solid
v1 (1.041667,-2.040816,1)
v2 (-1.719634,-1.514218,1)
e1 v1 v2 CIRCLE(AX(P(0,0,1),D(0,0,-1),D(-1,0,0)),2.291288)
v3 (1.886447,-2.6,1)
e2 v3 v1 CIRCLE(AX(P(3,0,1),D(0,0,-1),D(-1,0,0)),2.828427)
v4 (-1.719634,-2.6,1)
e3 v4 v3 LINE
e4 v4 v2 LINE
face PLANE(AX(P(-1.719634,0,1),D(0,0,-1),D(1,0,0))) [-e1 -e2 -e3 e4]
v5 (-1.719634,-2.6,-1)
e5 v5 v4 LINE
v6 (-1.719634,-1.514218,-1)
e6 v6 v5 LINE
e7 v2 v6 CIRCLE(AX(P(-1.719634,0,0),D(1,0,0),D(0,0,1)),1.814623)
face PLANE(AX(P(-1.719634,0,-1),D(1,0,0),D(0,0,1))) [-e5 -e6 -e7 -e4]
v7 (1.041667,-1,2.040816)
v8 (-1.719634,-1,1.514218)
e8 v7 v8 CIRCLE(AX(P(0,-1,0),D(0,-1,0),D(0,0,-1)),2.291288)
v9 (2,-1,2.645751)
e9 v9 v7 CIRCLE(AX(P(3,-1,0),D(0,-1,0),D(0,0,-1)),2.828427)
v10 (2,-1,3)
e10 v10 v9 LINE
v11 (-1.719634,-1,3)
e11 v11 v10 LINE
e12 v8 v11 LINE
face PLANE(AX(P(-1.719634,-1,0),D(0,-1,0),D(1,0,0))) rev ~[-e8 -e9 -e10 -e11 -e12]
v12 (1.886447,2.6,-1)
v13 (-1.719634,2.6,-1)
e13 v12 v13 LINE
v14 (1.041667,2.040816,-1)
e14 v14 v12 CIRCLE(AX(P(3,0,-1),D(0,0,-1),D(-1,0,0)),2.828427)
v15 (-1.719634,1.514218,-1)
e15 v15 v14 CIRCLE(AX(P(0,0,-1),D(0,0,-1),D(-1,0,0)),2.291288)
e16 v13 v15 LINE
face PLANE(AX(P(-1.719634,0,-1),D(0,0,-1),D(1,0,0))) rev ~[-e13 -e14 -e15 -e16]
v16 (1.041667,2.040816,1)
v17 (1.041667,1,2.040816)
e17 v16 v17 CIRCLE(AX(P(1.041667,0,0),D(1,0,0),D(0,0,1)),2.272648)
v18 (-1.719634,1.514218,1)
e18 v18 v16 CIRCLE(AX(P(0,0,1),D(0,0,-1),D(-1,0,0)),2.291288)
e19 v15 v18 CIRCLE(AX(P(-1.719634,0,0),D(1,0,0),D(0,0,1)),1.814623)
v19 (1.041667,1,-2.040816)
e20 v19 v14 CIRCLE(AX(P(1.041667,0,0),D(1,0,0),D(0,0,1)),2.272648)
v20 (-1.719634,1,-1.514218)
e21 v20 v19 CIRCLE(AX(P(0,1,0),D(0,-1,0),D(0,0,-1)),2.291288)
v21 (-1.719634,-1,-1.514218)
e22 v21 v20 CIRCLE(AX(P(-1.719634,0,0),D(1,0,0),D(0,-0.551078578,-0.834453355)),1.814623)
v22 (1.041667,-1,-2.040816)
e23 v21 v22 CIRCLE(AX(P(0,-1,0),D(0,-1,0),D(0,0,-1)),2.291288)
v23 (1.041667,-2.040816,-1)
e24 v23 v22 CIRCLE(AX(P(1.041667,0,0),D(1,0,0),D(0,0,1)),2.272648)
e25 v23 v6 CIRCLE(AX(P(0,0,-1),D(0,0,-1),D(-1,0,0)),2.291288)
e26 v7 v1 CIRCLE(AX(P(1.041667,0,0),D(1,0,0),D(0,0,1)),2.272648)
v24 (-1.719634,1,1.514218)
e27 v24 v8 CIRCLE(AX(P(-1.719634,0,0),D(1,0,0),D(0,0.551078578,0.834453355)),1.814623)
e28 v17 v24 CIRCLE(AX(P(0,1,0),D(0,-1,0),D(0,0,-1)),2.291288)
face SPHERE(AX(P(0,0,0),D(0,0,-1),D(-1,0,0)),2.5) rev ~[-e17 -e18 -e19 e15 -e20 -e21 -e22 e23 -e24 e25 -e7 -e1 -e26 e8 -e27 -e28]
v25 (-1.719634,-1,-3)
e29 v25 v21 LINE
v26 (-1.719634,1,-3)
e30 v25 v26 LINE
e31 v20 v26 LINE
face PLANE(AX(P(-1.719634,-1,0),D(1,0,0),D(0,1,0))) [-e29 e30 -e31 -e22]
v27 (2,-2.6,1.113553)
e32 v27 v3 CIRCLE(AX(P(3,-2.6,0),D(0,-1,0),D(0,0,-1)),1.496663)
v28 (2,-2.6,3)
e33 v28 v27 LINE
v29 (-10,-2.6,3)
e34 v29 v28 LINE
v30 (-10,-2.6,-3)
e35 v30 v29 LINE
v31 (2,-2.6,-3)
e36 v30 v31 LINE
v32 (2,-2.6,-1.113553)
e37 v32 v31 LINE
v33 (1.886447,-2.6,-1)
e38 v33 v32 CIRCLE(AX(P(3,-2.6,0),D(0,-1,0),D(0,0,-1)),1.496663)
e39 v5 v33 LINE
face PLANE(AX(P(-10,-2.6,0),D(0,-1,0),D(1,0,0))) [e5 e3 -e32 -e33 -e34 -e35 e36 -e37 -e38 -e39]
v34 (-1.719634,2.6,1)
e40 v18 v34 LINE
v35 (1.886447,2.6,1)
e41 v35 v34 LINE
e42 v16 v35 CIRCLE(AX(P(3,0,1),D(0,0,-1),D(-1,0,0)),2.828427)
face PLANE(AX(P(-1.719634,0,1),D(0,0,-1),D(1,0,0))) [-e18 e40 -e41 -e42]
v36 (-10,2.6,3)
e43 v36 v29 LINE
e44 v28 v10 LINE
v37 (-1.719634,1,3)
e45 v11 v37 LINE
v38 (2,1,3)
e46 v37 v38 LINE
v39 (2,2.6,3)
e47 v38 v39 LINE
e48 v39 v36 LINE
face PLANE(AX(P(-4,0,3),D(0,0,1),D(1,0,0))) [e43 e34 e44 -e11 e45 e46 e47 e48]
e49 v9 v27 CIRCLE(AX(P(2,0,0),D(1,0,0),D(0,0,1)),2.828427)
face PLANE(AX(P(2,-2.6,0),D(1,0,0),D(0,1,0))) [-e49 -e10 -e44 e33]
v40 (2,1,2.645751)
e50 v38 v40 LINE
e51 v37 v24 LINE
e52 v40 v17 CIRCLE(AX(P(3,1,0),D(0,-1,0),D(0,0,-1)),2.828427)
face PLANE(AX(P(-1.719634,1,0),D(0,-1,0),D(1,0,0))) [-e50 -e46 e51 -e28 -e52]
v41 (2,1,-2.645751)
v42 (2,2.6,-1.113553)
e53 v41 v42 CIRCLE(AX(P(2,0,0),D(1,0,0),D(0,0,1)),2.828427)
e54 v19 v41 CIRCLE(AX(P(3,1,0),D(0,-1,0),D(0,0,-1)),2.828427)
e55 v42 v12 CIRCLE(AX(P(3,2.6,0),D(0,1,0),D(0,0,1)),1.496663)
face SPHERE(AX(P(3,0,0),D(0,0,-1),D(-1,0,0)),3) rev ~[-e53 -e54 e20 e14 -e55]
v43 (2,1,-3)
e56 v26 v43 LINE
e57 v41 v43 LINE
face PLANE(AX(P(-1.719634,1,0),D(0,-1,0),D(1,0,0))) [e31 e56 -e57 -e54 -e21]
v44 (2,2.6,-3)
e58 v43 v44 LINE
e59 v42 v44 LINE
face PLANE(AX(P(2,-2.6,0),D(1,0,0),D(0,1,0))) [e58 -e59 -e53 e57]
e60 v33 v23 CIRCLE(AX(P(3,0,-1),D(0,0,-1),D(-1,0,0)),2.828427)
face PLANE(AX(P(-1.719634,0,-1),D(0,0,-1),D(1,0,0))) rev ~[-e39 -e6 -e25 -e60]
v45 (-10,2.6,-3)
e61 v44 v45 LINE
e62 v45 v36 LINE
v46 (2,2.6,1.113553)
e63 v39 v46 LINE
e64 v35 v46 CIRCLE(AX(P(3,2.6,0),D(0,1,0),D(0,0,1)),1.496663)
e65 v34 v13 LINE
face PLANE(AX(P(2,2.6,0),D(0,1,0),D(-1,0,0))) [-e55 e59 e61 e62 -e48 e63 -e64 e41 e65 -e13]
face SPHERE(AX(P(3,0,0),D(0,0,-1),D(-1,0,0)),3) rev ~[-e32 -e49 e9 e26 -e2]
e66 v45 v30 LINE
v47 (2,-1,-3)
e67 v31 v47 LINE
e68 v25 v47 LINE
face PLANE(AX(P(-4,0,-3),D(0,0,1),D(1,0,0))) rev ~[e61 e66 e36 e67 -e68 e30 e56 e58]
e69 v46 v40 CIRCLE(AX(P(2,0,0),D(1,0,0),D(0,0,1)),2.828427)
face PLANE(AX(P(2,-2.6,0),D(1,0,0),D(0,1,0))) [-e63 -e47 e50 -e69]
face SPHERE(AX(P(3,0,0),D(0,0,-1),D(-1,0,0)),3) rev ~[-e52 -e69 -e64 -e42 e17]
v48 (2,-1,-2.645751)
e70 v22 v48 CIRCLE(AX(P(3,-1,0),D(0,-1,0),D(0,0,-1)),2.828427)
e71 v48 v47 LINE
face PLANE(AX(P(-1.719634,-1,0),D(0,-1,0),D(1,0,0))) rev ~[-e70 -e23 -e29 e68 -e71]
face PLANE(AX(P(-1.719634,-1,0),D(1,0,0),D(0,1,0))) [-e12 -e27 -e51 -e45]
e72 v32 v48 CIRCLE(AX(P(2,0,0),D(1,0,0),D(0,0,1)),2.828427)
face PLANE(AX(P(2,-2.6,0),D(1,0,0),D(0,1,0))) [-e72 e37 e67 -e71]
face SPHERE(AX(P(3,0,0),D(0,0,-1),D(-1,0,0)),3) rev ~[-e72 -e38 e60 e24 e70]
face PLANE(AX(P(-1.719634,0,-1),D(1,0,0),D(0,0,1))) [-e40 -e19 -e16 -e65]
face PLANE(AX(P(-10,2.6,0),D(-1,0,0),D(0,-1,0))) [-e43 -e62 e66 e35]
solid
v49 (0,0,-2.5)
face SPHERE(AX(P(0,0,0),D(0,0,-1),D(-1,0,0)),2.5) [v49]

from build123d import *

# Parameters (mm, degrees)
F3_DEPTH  = 3
F5_W      = 4.2196343979
F5_H      = 2
F6_DEPTH  = 4
F7_ANGLE  = 90
F10_SCALE = 1.2


with BuildPart() as f1:
    # F0 (on Front) → F1 (revolve)
    with BuildSketch(Plane.XZ):
        with BuildLine():
            Line((0, -2.5), (0, 2.5))
            ThreePointArc((0, 2.5), (-2.5, 0), (0, -2.5))
        make_face()
    revolve(axis=Axis((0, 0, 0), (0, 0, -1)))


with BuildPart() as f3:
    # F2 (on Top) → F3 (new body, symmetric)
    with BuildSketch(Plane.XY):
        Polygon((2, 0), (2, 2.6), (-10, 2.6), (-10, 0), (-10, -2.6), (2, -2.6), align=None)
    extrude(amount=F3_DEPTH, both=True)

    # F4: cut F1
    add(f1.part, mode=Mode.SUBTRACT)


with BuildPart() as f6:
    # F5 (on Top) → F6 (new body, symmetric)
    with BuildSketch(Plane.XY):
        with Locations((0.3901828011, 0)):
            Rectangle(F5_W, F5_H)
    extrude(amount=F6_DEPTH, both=True)


with BuildPart() as f7_1:
    # F7: copy of F6
    add(f6.part.rotate(Axis((0.3765770234, 0, 0), (1, 0, 0)), F7_ANGLE))


with BuildPart() as f3_1:
    add(f3.part)

    # F8: cut F7_1
    add(f7_1.part, mode=Mode.SUBTRACT)

    # F9: cut F6
    add(f6.part, mode=Mode.SUBTRACT)


with BuildPart() as f10_1:
    # F10: copy of F1
    add(f1.part.scale(F10_SCALE))


with BuildPart() as f10_1_1:
    # F11: moved
    add(f10_1.part.moved(Location((3, 0, 0))))


with BuildPart() as f3_2:
    add(f3_1.part)

    # F12: cut F10_1
    add(f10_1_1.part, mode=Mode.SUBTRACT)


solid = Compound([f1.part, f3_2.part])
